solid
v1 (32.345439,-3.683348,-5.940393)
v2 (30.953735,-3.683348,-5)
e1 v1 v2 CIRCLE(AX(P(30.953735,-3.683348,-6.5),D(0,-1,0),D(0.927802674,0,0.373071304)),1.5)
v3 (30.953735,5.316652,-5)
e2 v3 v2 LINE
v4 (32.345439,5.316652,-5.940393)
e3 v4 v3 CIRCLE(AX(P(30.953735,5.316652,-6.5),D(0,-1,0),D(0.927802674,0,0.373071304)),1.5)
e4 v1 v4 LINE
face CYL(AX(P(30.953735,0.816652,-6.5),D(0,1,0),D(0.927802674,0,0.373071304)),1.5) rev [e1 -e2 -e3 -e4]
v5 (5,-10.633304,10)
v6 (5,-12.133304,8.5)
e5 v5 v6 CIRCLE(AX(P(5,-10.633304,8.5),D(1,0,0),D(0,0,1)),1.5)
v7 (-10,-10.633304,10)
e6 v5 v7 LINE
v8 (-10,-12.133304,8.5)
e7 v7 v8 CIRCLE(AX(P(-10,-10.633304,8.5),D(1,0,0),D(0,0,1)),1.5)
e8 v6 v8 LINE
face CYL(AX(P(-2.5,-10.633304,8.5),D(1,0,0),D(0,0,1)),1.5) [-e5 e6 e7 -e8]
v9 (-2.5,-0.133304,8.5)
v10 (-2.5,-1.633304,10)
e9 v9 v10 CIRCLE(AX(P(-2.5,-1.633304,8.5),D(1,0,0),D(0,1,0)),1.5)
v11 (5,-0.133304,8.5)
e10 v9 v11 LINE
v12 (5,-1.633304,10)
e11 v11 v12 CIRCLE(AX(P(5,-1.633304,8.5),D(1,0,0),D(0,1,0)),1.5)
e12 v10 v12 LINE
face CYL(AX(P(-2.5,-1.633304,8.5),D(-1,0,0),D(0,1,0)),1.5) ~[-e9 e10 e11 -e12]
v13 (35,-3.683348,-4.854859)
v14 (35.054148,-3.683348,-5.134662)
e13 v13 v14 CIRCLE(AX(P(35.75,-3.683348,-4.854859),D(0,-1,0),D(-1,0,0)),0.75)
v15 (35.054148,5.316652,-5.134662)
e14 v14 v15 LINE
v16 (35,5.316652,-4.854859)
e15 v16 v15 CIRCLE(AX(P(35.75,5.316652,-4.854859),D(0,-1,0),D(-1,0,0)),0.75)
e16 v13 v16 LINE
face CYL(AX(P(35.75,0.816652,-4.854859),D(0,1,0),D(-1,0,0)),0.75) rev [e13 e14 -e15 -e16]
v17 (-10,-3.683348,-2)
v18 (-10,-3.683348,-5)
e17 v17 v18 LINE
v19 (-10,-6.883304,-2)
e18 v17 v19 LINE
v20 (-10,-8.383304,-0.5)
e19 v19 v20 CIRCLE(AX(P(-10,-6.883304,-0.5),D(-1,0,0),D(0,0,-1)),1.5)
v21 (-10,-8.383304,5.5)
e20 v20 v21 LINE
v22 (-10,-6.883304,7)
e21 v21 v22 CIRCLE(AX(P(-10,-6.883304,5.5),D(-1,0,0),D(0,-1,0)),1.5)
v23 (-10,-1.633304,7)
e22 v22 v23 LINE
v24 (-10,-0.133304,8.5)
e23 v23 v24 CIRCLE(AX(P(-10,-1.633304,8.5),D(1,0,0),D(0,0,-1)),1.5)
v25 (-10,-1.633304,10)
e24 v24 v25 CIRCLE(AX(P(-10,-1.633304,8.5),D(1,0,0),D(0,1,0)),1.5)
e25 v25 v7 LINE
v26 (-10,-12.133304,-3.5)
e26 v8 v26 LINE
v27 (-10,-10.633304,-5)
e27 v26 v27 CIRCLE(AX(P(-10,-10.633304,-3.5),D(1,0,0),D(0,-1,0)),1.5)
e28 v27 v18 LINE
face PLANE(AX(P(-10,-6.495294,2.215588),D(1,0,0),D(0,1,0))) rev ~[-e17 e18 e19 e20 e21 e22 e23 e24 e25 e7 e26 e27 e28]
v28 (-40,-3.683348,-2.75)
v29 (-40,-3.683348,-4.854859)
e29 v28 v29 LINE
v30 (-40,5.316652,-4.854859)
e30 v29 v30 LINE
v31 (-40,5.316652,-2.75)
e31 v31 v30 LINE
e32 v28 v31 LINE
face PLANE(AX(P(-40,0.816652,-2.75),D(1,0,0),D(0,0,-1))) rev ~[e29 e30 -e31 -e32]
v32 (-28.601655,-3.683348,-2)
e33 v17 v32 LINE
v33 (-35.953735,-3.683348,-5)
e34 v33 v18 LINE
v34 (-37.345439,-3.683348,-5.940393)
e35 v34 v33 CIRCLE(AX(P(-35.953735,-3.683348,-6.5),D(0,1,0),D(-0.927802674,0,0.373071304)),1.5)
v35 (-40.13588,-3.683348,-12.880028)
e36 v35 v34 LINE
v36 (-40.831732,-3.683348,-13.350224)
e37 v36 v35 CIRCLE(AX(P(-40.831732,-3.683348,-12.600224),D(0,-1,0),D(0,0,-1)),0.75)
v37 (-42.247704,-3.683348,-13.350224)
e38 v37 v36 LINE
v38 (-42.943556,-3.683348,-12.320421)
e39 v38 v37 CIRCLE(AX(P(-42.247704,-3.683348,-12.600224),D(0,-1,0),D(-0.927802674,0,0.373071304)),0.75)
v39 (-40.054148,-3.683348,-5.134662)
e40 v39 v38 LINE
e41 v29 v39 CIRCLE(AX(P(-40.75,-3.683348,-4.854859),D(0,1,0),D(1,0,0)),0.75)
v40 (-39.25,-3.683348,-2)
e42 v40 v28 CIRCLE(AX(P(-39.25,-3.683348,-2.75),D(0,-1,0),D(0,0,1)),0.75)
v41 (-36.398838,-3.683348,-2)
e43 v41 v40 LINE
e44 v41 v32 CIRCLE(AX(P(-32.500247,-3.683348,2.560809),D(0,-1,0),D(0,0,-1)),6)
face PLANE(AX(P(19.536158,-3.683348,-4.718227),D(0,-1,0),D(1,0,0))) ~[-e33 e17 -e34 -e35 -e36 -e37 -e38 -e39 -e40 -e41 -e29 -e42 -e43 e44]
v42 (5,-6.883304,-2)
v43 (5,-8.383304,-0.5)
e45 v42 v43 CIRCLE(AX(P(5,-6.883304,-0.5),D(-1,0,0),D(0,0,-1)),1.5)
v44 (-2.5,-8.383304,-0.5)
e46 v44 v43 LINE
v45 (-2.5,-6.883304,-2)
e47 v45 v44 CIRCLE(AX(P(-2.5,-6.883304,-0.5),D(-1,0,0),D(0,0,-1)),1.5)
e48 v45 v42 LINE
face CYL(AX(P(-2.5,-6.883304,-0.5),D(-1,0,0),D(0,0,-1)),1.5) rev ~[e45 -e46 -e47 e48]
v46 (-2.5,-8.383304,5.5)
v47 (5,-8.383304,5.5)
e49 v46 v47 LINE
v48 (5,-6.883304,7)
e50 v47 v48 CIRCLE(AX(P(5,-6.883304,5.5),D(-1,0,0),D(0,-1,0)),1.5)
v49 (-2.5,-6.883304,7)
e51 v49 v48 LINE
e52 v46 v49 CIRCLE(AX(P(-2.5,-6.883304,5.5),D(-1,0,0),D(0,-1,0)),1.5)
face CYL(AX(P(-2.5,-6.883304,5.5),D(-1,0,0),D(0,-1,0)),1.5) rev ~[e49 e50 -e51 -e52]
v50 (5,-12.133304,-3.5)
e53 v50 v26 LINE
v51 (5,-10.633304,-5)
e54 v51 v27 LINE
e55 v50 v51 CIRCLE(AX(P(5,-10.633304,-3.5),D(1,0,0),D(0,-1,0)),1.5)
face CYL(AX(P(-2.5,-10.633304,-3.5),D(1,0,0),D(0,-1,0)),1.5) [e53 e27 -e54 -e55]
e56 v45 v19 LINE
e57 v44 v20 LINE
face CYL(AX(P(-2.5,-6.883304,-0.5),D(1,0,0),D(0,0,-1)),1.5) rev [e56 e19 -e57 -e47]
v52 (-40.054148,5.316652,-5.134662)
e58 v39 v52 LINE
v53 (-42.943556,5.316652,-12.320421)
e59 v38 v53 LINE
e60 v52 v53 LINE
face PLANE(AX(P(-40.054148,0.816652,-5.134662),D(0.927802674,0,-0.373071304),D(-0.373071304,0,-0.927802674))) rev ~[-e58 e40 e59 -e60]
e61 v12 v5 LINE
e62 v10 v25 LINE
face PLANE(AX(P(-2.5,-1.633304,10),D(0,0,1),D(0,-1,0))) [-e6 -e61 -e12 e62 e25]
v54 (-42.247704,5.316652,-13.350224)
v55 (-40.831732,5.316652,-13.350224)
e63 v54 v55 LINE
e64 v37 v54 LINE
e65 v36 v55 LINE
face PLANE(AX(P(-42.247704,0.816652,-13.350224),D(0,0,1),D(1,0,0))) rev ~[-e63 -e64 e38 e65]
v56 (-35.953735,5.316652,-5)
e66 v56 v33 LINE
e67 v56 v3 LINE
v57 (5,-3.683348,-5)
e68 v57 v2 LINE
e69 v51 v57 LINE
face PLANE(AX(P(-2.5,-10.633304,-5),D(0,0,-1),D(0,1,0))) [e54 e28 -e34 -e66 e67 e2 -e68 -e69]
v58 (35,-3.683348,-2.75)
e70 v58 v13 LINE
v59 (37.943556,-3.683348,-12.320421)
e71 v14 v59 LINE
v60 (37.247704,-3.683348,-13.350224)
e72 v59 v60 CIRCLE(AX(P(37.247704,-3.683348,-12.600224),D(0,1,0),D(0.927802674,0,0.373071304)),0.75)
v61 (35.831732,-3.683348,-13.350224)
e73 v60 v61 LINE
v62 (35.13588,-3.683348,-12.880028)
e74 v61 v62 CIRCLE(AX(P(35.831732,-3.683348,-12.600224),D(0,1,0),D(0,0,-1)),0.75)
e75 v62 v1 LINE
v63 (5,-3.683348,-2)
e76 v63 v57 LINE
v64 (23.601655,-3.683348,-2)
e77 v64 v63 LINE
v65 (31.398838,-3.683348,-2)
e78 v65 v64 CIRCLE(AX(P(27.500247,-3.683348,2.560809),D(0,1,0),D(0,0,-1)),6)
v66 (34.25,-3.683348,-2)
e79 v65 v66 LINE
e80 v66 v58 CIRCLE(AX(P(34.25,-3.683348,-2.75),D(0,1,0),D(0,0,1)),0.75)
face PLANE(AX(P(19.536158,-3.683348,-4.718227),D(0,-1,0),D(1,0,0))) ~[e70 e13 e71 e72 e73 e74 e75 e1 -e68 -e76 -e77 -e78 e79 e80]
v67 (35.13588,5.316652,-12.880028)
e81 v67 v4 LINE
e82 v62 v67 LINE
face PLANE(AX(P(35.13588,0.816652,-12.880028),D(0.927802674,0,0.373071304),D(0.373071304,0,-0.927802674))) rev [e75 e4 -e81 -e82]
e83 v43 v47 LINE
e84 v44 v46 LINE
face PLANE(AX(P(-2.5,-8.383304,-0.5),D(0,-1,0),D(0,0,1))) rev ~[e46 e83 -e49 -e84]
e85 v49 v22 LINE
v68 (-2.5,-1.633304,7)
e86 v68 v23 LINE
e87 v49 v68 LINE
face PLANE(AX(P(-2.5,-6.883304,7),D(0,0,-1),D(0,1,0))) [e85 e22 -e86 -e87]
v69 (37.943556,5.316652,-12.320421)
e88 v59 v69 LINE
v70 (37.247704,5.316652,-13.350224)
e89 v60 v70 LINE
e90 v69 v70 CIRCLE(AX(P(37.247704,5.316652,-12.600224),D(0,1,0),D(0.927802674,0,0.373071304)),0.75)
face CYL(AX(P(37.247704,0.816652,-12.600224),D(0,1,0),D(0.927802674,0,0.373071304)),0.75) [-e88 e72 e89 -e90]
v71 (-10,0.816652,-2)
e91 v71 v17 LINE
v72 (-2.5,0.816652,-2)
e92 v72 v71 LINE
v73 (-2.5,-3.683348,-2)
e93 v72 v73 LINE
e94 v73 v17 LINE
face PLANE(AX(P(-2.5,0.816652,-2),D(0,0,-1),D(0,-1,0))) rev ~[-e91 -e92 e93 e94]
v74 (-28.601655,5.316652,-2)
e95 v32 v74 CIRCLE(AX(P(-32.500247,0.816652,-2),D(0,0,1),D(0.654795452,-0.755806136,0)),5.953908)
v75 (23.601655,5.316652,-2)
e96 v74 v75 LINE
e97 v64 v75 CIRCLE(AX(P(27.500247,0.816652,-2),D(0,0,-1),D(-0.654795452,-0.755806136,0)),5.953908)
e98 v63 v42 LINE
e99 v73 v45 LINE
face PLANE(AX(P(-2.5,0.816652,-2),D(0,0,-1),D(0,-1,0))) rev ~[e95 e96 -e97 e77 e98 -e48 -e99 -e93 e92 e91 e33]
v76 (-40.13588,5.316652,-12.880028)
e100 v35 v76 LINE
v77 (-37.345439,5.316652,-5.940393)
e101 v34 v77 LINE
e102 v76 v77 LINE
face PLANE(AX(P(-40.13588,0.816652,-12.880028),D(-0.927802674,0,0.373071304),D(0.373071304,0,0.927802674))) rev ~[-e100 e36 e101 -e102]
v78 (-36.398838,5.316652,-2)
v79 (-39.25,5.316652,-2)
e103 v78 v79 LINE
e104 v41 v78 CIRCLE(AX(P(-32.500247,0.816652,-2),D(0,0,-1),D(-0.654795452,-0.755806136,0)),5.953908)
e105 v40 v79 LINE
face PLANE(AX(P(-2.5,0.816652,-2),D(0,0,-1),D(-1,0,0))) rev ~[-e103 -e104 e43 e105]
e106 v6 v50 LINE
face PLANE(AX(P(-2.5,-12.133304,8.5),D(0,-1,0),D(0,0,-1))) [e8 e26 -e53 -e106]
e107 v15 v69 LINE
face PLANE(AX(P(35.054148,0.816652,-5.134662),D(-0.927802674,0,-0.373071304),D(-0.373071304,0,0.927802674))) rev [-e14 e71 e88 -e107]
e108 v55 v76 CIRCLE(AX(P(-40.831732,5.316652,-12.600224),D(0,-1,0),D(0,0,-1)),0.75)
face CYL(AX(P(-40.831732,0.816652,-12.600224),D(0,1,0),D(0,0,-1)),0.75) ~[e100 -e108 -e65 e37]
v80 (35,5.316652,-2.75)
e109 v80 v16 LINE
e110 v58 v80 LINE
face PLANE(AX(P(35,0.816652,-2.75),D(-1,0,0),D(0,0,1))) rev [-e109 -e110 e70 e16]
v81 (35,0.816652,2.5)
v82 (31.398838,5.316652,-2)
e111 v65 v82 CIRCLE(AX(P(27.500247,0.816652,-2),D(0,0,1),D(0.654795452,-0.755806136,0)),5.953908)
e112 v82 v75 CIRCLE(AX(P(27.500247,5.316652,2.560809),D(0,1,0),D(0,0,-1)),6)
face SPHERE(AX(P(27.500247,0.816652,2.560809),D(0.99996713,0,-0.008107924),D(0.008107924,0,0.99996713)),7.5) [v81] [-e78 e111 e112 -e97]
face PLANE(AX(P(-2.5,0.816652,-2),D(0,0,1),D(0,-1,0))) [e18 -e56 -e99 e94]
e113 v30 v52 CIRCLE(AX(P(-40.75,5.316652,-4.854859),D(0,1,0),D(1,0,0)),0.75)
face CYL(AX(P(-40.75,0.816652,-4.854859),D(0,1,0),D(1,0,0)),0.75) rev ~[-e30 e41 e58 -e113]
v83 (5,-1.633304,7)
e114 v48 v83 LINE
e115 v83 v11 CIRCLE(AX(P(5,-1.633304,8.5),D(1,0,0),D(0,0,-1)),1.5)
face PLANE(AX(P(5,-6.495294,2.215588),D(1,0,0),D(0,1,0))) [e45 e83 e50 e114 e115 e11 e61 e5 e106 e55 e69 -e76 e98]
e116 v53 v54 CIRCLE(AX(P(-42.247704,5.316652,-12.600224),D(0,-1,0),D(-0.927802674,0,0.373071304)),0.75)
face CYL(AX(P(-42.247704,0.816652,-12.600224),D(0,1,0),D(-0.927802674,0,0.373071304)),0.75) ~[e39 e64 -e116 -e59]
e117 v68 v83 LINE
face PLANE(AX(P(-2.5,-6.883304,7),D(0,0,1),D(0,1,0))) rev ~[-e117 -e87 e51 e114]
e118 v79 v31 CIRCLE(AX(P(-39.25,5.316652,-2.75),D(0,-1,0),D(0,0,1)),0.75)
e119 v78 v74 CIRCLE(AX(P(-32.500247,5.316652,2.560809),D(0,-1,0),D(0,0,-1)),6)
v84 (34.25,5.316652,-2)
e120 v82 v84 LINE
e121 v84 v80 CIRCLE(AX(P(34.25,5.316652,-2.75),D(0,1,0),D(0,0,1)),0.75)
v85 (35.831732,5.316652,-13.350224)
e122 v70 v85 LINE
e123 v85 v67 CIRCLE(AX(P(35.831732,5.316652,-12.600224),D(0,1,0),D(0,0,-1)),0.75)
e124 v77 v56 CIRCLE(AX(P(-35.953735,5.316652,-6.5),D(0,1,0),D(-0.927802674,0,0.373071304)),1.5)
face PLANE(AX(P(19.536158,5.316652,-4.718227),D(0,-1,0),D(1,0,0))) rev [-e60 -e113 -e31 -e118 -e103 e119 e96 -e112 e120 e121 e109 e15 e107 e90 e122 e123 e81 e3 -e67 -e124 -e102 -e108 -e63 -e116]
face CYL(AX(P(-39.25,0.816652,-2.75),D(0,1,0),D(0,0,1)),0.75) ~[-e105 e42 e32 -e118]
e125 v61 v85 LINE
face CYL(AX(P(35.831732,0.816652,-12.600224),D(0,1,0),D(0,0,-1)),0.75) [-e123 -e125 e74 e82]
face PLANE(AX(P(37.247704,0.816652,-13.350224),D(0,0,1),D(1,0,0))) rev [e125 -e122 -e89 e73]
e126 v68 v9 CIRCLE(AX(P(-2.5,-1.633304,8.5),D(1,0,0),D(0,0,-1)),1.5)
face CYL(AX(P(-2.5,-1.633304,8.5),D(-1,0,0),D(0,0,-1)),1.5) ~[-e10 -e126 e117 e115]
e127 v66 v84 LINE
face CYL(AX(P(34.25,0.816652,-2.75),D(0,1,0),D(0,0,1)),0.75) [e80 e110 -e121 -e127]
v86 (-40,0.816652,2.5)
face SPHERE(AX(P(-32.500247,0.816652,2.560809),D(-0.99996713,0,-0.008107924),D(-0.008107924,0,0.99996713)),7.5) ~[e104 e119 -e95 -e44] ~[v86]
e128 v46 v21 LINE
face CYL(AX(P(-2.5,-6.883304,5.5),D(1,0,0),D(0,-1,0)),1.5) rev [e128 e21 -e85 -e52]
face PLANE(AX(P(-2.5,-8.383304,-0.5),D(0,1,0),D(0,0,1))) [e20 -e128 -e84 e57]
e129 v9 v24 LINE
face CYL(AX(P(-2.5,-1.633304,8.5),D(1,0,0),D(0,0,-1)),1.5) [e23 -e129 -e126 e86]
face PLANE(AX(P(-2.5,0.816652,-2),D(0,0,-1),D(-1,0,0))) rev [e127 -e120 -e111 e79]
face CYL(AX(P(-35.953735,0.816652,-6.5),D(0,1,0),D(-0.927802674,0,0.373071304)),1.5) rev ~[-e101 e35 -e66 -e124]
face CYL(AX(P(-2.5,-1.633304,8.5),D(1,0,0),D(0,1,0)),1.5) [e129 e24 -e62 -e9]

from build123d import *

# Parameters (mm, degrees)
F3_DEPTH      = 3
F3_DEPTH_BACK = 3
F5_DEPTH      = 5
F5_DEPTH_BACK = 5
F6_SCALE      = 1.5


with BuildPart() as f2:
    # F0 (on Front) → F2 (revolve)
    with BuildSketch(Plane.XZ):
        with BuildLine():
            Line((-25, 5), (-15.0003286976, 5.0810792445))
            ThreePointArc((-15.0003286976, 5.0810792445), (-20.040703971, 10.0403752734), (-25, 5))
        make_face()
    revolve(axis=Axis((-20.0001643488, 0, 5.0405396222), (0.9999671302, 0, 0.0081079244)))

    # F0 (on Front) → F3 (join, two sides)
    with BuildSketch(Plane.XZ) as f3_sk:
        with BuildLine():
            ThreePointArc((-23.2302926299, -0.6269286958), (-22.8623688248, -0.1714255301), (-22.3024899558, 0))
            Line((-22.3024899558, 0), (0, 0))
            Line((0, 0), (0, 2))
            Line((0, 2), (-24.5, 2))
            ThreePointArc((-24.5, 2), (-24.8535533906, 1.8535533906), (-25, 1.5))
            Line((-25, 1.5), (-25, 0.0967607601))
            ThreePointArc((-25, 0.0967607601), (-25.0091076144, 0.0017625194), (-25.036098663, -0.089774892))
            Line((-25.036098663, -0.089774892), (-26.9623704714, -4.8802803922))
            ThreePointArc((-26.9623704714, -4.8802803922), (-26.9127563693, -5.3467554788), (-26.4984691344, -5.5668160443))
            Line((-26.4984691344, -5.5668160443), (-25.5544878752, -5.5668160443))
            ThreePointArc((-25.5544878752, -5.5668160443), (-25.2745484408, -5.4811032792), (-25.0905865382, -5.2533516964))
            Line((-25.0905865382, -5.2533516964), (-23.2302926299, -0.6269286958))
        make_face()
    extrude(amount=-F3_DEPTH)
    extrude(f3_sk.sketch, amount=F3_DEPTH_BACK)

    # F4: F2 across plane


with BuildPart() as f2_1:
    add(f2.part)
    add(f2.part.mirror(Plane.YZ))

    # F1 (on Right) → F5 (join, two sides)
    with BuildSketch(Plane.YZ) as f5_sk:
        with BuildLine():
            Line((-7.6333043873, 0), (0, 0))
            Line((0, 0), (0, 2))
            Line((0, 2), (-5.1333043873, 2))
            ThreePointArc((-5.1333043873, 2), (-5.8404111685, 2.2928932188), (-6.1333043873, 3))
            Line((-6.1333043873, 3), (-6.1333043873, 7))
            ThreePointArc((-6.1333043873, 7), (-5.8404111685, 7.7071067812), (-5.1333043873, 8))
            Line((-5.1333043873, 8), (-1.6333043873, 8))
            ThreePointArc((-1.6333043873, 8), (-0.9261976061, 8.2928932188), (-0.6333043873, 9))
            ThreePointArc((-0.6333043873, 9), (-0.9261976061, 9.7071067812), (-1.6333043873, 10))
            Line((-1.6333043873, 10), (-7.6333043873, 10))
            ThreePointArc((-7.6333043873, 10), (-8.3404111685, 9.7071067812), (-8.6333043873, 9))
            Line((-8.6333043873, 9), (-8.6333043873, 1))
            ThreePointArc((-8.6333043873, 1), (-8.3404111685, 0.2928932188), (-7.6333043873, 0))
        make_face()
    extrude(amount=F5_DEPTH)
    extrude(f5_sk.sketch, amount=-F5_DEPTH_BACK)


with BuildPart() as f2_2:
    # F6: moved
    add(f2_1.part.scale(F6_SCALE).moved(Location((-2.5, 0.8166521937, -5))))


solid = f2_2.part
